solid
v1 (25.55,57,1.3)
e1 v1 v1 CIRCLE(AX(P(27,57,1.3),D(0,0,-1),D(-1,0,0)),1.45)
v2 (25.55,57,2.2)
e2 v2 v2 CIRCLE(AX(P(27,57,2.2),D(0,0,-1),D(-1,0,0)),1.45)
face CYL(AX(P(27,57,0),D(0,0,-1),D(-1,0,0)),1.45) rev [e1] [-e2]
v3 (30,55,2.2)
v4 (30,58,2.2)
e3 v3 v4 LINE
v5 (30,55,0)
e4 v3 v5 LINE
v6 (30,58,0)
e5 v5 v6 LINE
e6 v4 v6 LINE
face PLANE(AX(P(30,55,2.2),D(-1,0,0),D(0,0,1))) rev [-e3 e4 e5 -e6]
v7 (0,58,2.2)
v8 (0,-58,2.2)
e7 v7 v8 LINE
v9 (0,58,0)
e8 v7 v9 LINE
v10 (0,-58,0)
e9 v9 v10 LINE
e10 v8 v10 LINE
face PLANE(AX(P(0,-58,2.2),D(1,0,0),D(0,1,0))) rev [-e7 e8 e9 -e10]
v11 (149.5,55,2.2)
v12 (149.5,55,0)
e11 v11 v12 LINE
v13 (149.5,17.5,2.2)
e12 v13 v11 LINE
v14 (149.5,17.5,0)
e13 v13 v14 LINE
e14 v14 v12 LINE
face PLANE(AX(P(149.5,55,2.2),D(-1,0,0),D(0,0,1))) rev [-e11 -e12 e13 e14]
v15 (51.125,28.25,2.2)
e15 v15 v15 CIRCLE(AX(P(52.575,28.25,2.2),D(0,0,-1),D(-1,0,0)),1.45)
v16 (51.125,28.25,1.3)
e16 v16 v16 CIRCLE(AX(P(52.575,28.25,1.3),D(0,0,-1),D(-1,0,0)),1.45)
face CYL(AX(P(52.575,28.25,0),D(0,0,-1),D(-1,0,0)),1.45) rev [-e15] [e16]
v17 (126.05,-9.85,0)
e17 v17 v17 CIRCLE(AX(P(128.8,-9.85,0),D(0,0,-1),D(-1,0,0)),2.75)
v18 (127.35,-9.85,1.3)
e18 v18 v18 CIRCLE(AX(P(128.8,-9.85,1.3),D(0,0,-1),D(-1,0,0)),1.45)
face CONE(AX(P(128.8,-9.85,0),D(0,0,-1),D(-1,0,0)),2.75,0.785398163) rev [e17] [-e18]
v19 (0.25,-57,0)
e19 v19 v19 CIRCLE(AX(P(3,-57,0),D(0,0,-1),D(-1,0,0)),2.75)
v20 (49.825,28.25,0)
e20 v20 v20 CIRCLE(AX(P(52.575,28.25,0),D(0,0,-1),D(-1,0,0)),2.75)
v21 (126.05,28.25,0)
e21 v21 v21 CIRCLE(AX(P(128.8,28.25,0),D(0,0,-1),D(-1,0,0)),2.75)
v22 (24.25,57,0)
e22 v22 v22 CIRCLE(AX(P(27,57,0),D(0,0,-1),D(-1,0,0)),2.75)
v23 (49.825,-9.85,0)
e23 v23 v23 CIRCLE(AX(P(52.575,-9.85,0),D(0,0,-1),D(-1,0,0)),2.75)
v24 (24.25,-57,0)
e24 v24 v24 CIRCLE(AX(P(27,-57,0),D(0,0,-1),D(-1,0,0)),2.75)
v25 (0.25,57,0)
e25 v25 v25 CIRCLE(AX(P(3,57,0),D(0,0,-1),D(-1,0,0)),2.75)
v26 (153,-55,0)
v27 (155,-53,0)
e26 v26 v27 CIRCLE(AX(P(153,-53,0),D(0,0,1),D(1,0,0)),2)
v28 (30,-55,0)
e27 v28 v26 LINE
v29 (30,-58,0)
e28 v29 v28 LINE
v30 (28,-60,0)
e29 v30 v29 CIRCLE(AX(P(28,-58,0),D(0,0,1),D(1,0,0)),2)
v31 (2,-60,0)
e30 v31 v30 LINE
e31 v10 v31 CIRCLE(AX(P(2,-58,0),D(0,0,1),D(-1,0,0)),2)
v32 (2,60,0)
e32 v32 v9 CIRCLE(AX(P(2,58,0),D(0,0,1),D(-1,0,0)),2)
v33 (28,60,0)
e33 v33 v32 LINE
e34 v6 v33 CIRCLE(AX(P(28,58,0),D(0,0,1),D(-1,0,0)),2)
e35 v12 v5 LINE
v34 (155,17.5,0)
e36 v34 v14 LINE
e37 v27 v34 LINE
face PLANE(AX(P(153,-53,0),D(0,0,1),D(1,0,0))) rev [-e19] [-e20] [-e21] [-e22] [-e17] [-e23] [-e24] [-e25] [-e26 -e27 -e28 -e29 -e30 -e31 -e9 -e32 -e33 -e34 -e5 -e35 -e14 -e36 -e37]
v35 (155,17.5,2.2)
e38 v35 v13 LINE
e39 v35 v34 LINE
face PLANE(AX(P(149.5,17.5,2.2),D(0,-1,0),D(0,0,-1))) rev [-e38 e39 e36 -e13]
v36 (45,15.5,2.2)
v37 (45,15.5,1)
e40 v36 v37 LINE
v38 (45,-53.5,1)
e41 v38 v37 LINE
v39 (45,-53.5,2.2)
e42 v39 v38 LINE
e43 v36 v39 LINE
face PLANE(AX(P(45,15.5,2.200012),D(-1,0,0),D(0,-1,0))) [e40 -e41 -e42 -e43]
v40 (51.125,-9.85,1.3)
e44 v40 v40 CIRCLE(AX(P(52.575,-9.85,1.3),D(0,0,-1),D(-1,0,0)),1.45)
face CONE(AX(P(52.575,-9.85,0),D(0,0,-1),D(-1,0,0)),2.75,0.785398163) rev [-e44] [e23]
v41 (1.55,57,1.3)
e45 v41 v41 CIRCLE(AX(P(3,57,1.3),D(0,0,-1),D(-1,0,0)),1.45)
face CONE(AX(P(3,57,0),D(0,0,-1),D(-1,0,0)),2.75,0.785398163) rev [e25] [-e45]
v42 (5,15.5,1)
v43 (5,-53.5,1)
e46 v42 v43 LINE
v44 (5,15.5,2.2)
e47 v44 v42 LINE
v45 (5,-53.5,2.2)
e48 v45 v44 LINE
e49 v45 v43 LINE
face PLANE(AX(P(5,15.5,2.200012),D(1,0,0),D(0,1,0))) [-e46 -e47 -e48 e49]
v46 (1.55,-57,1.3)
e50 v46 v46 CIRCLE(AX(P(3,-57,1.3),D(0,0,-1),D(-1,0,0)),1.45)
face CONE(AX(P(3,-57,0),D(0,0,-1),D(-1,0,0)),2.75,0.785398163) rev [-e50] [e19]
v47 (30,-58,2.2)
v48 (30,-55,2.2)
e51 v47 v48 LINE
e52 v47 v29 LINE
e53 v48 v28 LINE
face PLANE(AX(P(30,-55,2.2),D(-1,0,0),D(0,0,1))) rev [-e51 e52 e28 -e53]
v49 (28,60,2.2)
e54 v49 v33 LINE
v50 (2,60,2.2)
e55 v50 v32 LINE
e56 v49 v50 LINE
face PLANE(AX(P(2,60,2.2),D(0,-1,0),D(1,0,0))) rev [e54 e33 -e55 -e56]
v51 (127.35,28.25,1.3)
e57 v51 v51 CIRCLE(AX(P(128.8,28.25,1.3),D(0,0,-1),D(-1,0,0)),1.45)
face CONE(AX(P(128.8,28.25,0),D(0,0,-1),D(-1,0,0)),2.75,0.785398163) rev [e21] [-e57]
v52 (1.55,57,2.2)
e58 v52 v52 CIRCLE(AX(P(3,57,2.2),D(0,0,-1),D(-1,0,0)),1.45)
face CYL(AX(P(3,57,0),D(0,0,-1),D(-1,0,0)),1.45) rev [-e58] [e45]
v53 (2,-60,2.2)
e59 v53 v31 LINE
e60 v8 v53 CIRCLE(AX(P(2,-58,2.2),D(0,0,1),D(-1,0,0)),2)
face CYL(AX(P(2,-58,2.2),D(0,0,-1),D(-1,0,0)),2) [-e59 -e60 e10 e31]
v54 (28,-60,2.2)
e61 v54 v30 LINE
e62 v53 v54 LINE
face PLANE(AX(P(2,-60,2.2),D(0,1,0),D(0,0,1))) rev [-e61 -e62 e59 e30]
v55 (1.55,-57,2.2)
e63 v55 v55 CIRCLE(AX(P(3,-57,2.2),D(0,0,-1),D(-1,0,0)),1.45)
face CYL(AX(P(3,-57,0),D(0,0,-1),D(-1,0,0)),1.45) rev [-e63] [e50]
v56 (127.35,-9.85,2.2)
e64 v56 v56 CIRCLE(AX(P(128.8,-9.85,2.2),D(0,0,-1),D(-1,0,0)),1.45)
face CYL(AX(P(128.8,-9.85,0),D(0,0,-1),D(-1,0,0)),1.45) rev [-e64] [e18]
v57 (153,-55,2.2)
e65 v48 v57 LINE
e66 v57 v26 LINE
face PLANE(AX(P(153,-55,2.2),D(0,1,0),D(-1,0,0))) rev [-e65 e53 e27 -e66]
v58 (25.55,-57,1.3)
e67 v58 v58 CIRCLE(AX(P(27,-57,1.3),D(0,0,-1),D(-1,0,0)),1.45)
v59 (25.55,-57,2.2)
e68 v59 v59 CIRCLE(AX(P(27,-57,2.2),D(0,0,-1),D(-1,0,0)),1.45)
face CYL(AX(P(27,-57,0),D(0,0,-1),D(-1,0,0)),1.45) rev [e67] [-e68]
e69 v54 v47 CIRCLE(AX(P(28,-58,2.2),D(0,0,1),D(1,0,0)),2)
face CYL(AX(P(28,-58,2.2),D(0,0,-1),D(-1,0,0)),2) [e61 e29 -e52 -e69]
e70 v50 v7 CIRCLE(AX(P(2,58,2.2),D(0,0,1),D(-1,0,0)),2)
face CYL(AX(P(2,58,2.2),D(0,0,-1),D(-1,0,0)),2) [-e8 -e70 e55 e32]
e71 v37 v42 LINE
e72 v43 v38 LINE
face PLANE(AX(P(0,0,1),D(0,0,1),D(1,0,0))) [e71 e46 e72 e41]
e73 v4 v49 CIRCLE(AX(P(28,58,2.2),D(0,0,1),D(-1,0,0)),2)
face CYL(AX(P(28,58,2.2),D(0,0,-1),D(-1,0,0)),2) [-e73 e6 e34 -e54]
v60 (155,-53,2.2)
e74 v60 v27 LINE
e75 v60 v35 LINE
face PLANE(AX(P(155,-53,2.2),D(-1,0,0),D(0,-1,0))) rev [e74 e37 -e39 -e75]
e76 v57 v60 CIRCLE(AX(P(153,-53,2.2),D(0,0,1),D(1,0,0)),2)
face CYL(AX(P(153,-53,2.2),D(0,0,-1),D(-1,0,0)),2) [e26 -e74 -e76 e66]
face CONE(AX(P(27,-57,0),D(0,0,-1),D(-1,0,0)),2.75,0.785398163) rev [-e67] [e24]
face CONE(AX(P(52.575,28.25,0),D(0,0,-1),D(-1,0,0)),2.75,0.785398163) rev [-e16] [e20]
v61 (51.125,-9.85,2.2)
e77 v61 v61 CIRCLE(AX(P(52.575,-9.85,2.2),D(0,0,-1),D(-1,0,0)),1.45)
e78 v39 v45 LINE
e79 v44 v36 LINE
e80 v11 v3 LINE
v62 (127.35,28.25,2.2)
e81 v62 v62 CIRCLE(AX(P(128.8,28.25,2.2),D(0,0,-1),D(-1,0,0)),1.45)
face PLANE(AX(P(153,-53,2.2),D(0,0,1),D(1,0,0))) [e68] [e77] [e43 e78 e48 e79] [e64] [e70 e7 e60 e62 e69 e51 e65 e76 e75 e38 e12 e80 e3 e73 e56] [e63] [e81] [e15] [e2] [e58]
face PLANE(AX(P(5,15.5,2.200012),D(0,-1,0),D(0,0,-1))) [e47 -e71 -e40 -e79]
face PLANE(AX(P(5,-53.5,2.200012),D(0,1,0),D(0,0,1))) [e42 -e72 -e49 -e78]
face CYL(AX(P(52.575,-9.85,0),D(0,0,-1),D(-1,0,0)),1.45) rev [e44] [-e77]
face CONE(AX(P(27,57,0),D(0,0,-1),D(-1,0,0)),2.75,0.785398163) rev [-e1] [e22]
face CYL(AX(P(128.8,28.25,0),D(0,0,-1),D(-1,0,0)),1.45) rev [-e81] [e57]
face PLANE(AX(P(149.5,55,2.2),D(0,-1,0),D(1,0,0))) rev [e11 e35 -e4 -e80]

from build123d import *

# Parameters (mm, degrees)
BOSS_EXTRUDE1_DEPTH                            = 2.2
CSK_FOR_M2_5_COUNTERSUNK_FLAT_HEAD_S_2_COUNT   = 2
CSK_FOR_M2_5_COUNTERSUNK_FLAT_HEAD_S_2_PITCH   = 76.225
CSK_FOR_M2_5_COUNTERSUNK_FLAT_HEAD_S_3_COUNT   = 2
CSK_FOR_M2_5_COUNTERSUNK_FLAT_HEAD_S_3_PITCH   = 85.216551356
CSK_FOR_M2_5_COUNTERSUNK_FLAT_HEAD_S_4_COUNT   = 2
CSK_FOR_M2_5_COUNTERSUNK_FLAT_HEAD_S_4_PITCH   = 38.1
CSK_FOR_M2_5_COUNTERSUNK_FLAT_HEAD_S_5_A_COUNT = 2
CSK_FOR_M2_5_COUNTERSUNK_FLAT_HEAD_S_5_A_PITCH = 24
CSK_FOR_M2_5_COUNTERSUNK_FLAT_HEAD_S_6_COUNT   = 2
CSK_FOR_M2_5_COUNTERSUNK_FLAT_HEAD_S_6_PITCH   = 114
CSK_FOR_M2_5_COUNTERSUNK_FLAT_HEAD_S_7_COUNT   = 2
CSK_FOR_M2_5_COUNTERSUNK_FLAT_HEAD_S_7_PITCH   = 116.498927034
CUT_EXTRUDE1_DEPTH                             = 167.222260844
CUT_EXTRUDE1_DEPTH_BACK                        = 1.2
SKETCH4_W                                      = 40
SKETCH4_H                                      = 69


with BuildPart() as part:
    # Sketch1 → Boss-Extrude1 (new body)
    with BuildSketch(Plane.XY):
        with BuildLine():
            Line((2, -60), (28, -60))
            ThreePointArc((28, -60), (29.414213562, -59.414213562), (30, -58))
            Line((30, -58), (30, -55))
            Line((30, -55), (153, -55))
            ThreePointArc((153, -55), (154.414213562, -54.414213562), (155, -53))
            Line((155, -53), (155, 17.5))
            Line((155, 17.5), (149.5, 17.5))
            Line((149.5, 17.5), (149.5, 55))
            Line((149.5, 55), (30, 55))
            Line((30, 55), (30, 58))
            ThreePointArc((30, 58), (29.414213562, 59.414213562), (28, 60))
            Line((28, 60), (2, 60))
            ThreePointArc((2, 60), (0.585786438, 59.414213562), (0, 58))
            Line((0, 58), (0, -58))
            ThreePointArc((0, -58), (0.585786438, -59.414213562), (2, -60))
        make_face()
    extrude(amount=BOSS_EXTRUDE1_DEPTH)

    # Sketch2 → CSK for M2.5 Countersunk Flat Head Screw (revolve, cut)
    with BuildSketch(Plane(origin=(52.575, 28.25, 0), x_dir=(0, 1, 0), z_dir=(1, 0, 0))):
        Polygon((0, 0), (0, 2.2), (1.45, 2.2), (1.45, 1.3), (2.75, 0), align=None)
    csk_for_m2_5_countersunk_flat_head_screw = revolve(axis=Axis((52.575, 28.25, -6.35), (0, 0, 1)), mode=Mode.SUBTRACT)

    # CSK for M2.5 Countersunk Flat Head S 2: CSK for M2.5 Countersunk Flat Head Screw ×2
    with Locations(*[(i * CSK_FOR_M2_5_COUNTERSUNK_FLAT_HEAD_S_2_PITCH, 0, 0) for i in range(1, CSK_FOR_M2_5_COUNTERSUNK_FLAT_HEAD_S_2_COUNT)]):
        add(csk_for_m2_5_countersunk_flat_head_screw, mode=Mode.SUBTRACT)

    # CSK for M2.5 Countersunk Flat Head S 3: CSK for M2.5 Countersunk Flat Head Screw ×2
    with Locations(*[Vector(0.8944858573496409, -0.4470962435555436, 0) * (i * CSK_FOR_M2_5_COUNTERSUNK_FLAT_HEAD_S_3_PITCH) for i in range(1, CSK_FOR_M2_5_COUNTERSUNK_FLAT_HEAD_S_3_COUNT)]):
        add(csk_for_m2_5_countersunk_flat_head_screw, mode=Mode.SUBTRACT)

    # CSK for M2.5 Countersunk Flat Head S 4: CSK for M2.5 Countersunk Flat Head Screw ×2
    with Locations(*[(0, -i * CSK_FOR_M2_5_COUNTERSUNK_FLAT_HEAD_S_4_PITCH, 0) for i in range(1, CSK_FOR_M2_5_COUNTERSUNK_FLAT_HEAD_S_4_COUNT)]):
        add(csk_for_m2_5_countersunk_flat_head_screw, mode=Mode.SUBTRACT)

    # Sketch3 → CSK for M2.5 Countersunk Flat Head S 5 (revolve, cut)
    with BuildSketch(Plane(origin=(27, 57, 0), x_dir=(0, 1, 0), z_dir=(1, 0, 0))):
        Polygon((0, 0), (0, 2.2), (1.45, 2.2), (1.45, 1.3), (2.75, 0), align=None)
    csk_for_m2_5_countersunk_flat_head_s_5 = revolve(axis=Axis((27, 57, -6.35), (0, 0, 1)), mode=Mode.SUBTRACT)

    # CSK for M2.5 Countersunk Flat Head S 5 a: CSK for M2.5 Countersunk Flat Head S 5 ×2
    with Locations(*[(-i * CSK_FOR_M2_5_COUNTERSUNK_FLAT_HEAD_S_5_A_PITCH, 0, 0) for i in range(1, CSK_FOR_M2_5_COUNTERSUNK_FLAT_HEAD_S_5_A_COUNT)]):
        add(csk_for_m2_5_countersunk_flat_head_s_5, mode=Mode.SUBTRACT)

    # CSK for M2.5 Countersunk Flat Head S 6: CSK for M2.5 Countersunk Flat Head S 5 ×2
    with Locations(*[(0, -i * CSK_FOR_M2_5_COUNTERSUNK_FLAT_HEAD_S_6_PITCH, 0) for i in range(1, CSK_FOR_M2_5_COUNTERSUNK_FLAT_HEAD_S_6_COUNT)]):
        add(csk_for_m2_5_countersunk_flat_head_s_5, mode=Mode.SUBTRACT)

    # CSK for M2.5 Countersunk Flat Head S 7: CSK for M2.5 Countersunk Flat Head S 5 ×2
    with Locations(*[Vector(-0.206010481049842, -0.978549784986749, 0) * (i * CSK_FOR_M2_5_COUNTERSUNK_FLAT_HEAD_S_7_PITCH) for i in range(1, CSK_FOR_M2_5_COUNTERSUNK_FLAT_HEAD_S_7_COUNT)]):
        add(csk_for_m2_5_countersunk_flat_head_s_5, mode=Mode.SUBTRACT)

    # Sketch4 → Cut-Extrude1 (cut, two sides: drawn at the far end of the back side and taken through both)
    with BuildSketch(Plane.XY.offset(2.2).offset(-CUT_EXTRUDE1_DEPTH_BACK)):
        with Locations((25, -19)):
            Rectangle(SKETCH4_W, SKETCH4_H)
    extrude(amount=CUT_EXTRUDE1_DEPTH + CUT_EXTRUDE1_DEPTH_BACK, mode=Mode.SUBTRACT)


solid = part.part
